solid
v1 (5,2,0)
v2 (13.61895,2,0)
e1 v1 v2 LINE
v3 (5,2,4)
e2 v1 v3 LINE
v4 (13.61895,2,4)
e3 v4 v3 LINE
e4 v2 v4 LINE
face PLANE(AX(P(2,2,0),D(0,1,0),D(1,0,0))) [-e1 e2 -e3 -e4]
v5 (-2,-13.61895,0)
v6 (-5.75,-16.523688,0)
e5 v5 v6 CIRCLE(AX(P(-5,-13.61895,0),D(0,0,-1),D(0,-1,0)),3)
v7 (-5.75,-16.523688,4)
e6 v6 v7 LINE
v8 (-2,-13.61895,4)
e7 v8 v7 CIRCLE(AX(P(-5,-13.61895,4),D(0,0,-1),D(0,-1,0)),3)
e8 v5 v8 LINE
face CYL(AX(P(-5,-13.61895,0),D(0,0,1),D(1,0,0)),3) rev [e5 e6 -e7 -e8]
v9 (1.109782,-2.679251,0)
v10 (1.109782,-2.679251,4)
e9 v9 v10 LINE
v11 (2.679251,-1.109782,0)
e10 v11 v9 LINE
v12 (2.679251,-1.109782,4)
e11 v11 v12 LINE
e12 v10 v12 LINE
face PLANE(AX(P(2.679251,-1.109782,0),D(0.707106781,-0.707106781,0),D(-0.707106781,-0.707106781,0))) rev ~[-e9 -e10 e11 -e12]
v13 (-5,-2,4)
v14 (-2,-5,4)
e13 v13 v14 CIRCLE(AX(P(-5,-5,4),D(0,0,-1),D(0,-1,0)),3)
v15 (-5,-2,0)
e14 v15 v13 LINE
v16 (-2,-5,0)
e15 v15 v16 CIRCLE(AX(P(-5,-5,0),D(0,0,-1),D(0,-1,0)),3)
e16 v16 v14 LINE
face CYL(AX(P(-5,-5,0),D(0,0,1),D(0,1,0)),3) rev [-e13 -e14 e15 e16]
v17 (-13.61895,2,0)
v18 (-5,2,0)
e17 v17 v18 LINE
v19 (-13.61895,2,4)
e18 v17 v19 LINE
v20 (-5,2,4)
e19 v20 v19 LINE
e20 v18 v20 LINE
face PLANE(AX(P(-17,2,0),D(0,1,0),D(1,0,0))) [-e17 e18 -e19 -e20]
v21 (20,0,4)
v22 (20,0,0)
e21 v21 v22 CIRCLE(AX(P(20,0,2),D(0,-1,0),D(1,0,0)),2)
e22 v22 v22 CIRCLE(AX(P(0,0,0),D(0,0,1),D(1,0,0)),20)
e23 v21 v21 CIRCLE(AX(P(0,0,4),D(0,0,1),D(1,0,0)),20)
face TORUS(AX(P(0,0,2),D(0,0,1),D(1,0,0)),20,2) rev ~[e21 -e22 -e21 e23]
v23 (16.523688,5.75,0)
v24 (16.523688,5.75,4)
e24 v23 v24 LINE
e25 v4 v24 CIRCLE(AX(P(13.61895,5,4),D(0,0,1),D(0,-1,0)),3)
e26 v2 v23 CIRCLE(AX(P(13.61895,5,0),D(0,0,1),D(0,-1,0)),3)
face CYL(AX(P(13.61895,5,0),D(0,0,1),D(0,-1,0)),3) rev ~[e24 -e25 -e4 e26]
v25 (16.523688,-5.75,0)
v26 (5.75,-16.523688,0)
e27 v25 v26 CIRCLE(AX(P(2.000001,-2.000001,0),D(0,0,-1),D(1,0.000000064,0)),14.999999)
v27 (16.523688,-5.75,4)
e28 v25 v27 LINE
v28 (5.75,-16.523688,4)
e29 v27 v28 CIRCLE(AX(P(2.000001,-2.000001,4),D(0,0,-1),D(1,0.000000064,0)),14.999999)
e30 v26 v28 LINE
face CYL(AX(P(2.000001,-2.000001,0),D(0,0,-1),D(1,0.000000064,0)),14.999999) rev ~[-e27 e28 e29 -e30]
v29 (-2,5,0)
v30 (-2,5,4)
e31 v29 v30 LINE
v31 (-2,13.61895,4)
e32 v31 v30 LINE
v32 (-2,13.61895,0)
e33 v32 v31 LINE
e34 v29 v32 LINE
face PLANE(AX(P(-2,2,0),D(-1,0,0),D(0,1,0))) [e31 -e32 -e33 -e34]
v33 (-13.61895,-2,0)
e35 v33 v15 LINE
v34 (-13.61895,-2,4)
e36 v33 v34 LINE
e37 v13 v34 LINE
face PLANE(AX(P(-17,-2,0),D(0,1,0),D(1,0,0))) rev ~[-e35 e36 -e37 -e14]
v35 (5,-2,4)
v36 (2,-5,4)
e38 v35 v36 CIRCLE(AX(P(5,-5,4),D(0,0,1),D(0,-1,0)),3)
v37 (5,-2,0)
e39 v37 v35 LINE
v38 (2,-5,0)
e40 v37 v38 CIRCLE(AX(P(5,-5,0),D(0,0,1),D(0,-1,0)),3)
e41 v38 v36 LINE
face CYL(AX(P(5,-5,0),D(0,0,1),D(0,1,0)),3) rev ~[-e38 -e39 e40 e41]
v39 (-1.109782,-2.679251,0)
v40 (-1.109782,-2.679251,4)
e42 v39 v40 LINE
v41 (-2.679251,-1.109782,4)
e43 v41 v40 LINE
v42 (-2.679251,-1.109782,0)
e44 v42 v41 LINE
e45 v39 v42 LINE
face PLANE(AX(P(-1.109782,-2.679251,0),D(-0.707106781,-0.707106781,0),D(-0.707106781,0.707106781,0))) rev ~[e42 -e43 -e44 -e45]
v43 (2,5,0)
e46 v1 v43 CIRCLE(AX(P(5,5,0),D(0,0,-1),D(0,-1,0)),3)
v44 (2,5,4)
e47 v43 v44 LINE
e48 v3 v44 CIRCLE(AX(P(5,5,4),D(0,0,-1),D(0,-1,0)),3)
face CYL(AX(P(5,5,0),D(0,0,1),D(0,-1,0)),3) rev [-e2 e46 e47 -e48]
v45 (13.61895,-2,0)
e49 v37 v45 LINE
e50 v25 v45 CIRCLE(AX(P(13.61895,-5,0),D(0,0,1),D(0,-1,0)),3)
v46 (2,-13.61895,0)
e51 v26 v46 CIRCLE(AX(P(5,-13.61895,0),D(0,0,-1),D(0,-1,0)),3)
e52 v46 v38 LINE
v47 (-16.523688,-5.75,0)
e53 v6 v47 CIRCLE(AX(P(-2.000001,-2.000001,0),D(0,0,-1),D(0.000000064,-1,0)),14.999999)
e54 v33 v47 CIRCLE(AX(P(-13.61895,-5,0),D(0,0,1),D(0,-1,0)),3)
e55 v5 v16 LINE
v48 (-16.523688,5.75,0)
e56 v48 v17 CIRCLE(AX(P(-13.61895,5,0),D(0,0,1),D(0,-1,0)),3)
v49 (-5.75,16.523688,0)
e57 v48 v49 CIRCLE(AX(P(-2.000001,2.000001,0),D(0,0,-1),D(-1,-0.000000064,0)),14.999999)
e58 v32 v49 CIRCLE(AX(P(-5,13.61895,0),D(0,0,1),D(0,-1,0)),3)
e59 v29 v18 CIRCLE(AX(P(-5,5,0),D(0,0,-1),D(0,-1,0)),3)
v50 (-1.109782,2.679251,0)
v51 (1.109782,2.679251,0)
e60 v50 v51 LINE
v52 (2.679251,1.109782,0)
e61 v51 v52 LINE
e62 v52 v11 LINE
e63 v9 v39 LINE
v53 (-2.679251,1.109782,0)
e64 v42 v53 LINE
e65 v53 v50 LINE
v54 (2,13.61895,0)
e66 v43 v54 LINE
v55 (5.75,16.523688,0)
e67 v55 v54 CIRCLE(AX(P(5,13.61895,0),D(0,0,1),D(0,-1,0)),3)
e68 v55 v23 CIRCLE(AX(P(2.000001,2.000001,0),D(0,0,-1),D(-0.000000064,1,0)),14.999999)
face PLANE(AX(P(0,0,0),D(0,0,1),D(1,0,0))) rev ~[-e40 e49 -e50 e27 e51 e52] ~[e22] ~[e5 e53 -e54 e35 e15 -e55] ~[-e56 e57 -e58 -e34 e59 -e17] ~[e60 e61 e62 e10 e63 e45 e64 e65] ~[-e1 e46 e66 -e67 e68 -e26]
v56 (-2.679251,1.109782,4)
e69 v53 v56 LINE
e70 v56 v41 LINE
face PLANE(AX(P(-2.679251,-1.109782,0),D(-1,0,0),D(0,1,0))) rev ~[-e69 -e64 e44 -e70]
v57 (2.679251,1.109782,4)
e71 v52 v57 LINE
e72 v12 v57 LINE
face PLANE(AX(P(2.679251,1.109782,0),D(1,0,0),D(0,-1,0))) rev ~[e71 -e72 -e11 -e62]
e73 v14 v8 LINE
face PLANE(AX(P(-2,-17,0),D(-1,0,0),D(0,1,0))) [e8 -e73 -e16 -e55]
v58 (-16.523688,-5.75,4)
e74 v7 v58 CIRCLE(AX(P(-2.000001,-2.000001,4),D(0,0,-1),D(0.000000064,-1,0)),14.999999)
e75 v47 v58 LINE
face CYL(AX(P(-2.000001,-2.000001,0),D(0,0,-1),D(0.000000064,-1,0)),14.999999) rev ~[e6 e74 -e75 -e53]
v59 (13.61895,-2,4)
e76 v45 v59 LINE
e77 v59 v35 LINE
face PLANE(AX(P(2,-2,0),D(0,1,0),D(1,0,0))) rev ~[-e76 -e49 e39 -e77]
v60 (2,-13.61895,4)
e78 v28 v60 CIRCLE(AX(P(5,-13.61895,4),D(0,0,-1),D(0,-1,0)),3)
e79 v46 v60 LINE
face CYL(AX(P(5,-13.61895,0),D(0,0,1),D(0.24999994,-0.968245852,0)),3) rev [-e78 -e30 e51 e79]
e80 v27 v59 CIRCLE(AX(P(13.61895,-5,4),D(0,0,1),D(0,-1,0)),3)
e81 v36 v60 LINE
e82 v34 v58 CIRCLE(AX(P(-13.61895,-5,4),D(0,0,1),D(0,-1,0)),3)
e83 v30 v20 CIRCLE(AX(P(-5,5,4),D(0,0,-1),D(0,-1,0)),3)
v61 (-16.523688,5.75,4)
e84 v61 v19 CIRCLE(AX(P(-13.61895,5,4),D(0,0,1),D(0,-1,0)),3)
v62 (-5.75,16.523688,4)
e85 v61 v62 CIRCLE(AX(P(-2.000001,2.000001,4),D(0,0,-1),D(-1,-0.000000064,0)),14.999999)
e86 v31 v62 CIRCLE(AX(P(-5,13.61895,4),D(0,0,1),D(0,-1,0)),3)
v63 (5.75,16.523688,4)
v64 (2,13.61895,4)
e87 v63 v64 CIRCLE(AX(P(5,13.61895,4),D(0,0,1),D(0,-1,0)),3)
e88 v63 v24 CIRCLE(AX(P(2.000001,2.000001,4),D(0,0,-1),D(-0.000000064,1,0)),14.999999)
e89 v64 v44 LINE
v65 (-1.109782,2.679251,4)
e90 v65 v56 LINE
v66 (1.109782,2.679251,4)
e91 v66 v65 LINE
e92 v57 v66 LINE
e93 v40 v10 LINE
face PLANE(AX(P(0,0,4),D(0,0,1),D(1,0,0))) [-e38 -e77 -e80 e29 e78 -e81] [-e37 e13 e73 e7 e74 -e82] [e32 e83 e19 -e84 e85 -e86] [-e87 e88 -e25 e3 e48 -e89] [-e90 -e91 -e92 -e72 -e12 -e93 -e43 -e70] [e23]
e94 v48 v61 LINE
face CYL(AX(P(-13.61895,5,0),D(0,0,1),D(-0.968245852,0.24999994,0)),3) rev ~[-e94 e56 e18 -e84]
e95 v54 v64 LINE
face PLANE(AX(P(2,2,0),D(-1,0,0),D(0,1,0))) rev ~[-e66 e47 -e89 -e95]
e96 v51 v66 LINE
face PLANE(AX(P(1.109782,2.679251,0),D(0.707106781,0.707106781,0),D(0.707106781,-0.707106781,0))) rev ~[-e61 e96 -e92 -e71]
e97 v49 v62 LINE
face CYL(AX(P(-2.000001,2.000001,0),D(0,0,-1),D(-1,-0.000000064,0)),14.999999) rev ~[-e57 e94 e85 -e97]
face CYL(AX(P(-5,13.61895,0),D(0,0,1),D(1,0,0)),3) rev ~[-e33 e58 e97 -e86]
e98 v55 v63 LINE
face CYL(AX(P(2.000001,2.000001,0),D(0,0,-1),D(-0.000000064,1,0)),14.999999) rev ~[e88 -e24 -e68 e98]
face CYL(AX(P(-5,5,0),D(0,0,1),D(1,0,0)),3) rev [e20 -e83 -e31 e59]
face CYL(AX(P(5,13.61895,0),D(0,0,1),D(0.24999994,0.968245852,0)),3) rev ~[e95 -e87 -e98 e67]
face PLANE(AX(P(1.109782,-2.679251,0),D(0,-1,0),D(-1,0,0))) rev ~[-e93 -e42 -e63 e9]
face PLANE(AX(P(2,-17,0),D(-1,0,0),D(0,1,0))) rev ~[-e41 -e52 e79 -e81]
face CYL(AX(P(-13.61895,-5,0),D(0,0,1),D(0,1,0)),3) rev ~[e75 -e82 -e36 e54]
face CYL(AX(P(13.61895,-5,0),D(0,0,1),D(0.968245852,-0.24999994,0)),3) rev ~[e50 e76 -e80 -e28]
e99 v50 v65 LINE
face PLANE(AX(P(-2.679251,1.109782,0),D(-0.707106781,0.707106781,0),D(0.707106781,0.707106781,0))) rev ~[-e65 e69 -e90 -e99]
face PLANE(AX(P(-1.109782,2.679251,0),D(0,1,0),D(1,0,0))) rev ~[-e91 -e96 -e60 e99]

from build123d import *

# Parameters (mm, degrees)
TORUS_R         = 2
CYLINDER_R      = 20
CYLINDER_DEPTH  = 4
POCKET_DEPTH    = 4.001
FILLET_R        = 3
FILLET001_R     = 3
FILLET002_R     = 3
POCKET001_DEPTH = 5


with BuildPart() as torus:
    # Torus → Torus (revolve)
    with BuildSketch(Plane(origin=(0, 0, 2), x_dir=(1, 0, 0), z_dir=(0, -1, 0))):
        with Locations((20, 0)):
            Circle(TORUS_R)
    revolve(axis=Axis((0, 0, 2), (0, 0, 1)))


with BuildPart() as body001:
    # Cylinder → Cylinder (new body)
    with BuildSketch(Plane.XY):
        Circle(CYLINDER_R)
    extrude(amount=CYLINDER_DEPTH)

    # Sketch001 (on DatumPlane) → Pocket (cut, through all)
    with BuildSketch(Plane(origin=(0, 0, 0), x_dir=(1, 0, 0), z_dir=(0, 0, -1))):
        with BuildLine():
            Line((2, 17), (2, 2))
            Line((2, 2), (17, 2))
            ThreePointArc((17, 2), (12.606602, 12.606602), (2, 17))
        make_face()
        with BuildLine():
            Line((-2, 17), (-2, 2))
            Line((-17, 2), (-2, 2))
            ThreePointArc((-2, 17), (-12.606602, 12.606602), (-17, 2))
        make_face()
        with BuildLine():
            Line((2, -2), (17, -2))
            ThreePointArc((2, -17), (12.606602, -12.606602), (17, -2))
            Line((2, -2), (2, -17))
        make_face()
        with BuildLine():
            Line((-2, -2), (-2, -17))
            ThreePointArc((-17, -2), (-12.606602, -12.606602), (-2, -17))
            Line((-17, -2), (-2, -2))
        make_face()
    extrude(amount=-POCKET_DEPTH, mode=Mode.SUBTRACT)

    # Fillet
    fillet_edges = [body001.edges().sort_by_distance(p)[0] for p in [
        (-2, -17, 2),
    ]]
    fillet(fillet_edges, radius=FILLET_R)

    # Fillet001
    fillet001_edges = [body001.edges().sort_by_distance(p)[0] for p in [
        (-17, 2, 2),
        (2, -17, 2),
        (17, -2, 2),
        (-17, -2, 2),
        (-2, 17, 2),
        (2, 17, 2),
        (17, 2, 2),
    ]]
    fillet(fillet001_edges, radius=FILLET001_R)

    # Fillet002
    fillet002_edges = [body001.edges().sort_by_distance(p)[0] for p in [
        (2, -2, 2),
        (2, 2, 2),
        (-2, 2, 2),
        (-2, -2, 2),
    ]]
    fillet(fillet002_edges, radius=FILLET002_R)

    # Cut: cut Torus
    add(torus.part, mode=Mode.SUBTRACT)

    # Sketch (on DatumPlane) → Pocket001 (cut)
    with BuildSketch(Plane(origin=(0, 0, 0), x_dir=(1, 0, 0), z_dir=(0, 0, -1))):
        Polygon((1.109782, -2.679251), (2.679251, -1.109782), (2.679251, 1.109782), (1.109782, 2.679251), (-1.109782, 2.679251), (-2.679251, 1.109782), (-2.679251, -1.109782), (-1.109782, -2.679251), align=None)
    extrude(amount=-POCKET001_DEPTH, mode=Mode.SUBTRACT)


solid = body001.part
